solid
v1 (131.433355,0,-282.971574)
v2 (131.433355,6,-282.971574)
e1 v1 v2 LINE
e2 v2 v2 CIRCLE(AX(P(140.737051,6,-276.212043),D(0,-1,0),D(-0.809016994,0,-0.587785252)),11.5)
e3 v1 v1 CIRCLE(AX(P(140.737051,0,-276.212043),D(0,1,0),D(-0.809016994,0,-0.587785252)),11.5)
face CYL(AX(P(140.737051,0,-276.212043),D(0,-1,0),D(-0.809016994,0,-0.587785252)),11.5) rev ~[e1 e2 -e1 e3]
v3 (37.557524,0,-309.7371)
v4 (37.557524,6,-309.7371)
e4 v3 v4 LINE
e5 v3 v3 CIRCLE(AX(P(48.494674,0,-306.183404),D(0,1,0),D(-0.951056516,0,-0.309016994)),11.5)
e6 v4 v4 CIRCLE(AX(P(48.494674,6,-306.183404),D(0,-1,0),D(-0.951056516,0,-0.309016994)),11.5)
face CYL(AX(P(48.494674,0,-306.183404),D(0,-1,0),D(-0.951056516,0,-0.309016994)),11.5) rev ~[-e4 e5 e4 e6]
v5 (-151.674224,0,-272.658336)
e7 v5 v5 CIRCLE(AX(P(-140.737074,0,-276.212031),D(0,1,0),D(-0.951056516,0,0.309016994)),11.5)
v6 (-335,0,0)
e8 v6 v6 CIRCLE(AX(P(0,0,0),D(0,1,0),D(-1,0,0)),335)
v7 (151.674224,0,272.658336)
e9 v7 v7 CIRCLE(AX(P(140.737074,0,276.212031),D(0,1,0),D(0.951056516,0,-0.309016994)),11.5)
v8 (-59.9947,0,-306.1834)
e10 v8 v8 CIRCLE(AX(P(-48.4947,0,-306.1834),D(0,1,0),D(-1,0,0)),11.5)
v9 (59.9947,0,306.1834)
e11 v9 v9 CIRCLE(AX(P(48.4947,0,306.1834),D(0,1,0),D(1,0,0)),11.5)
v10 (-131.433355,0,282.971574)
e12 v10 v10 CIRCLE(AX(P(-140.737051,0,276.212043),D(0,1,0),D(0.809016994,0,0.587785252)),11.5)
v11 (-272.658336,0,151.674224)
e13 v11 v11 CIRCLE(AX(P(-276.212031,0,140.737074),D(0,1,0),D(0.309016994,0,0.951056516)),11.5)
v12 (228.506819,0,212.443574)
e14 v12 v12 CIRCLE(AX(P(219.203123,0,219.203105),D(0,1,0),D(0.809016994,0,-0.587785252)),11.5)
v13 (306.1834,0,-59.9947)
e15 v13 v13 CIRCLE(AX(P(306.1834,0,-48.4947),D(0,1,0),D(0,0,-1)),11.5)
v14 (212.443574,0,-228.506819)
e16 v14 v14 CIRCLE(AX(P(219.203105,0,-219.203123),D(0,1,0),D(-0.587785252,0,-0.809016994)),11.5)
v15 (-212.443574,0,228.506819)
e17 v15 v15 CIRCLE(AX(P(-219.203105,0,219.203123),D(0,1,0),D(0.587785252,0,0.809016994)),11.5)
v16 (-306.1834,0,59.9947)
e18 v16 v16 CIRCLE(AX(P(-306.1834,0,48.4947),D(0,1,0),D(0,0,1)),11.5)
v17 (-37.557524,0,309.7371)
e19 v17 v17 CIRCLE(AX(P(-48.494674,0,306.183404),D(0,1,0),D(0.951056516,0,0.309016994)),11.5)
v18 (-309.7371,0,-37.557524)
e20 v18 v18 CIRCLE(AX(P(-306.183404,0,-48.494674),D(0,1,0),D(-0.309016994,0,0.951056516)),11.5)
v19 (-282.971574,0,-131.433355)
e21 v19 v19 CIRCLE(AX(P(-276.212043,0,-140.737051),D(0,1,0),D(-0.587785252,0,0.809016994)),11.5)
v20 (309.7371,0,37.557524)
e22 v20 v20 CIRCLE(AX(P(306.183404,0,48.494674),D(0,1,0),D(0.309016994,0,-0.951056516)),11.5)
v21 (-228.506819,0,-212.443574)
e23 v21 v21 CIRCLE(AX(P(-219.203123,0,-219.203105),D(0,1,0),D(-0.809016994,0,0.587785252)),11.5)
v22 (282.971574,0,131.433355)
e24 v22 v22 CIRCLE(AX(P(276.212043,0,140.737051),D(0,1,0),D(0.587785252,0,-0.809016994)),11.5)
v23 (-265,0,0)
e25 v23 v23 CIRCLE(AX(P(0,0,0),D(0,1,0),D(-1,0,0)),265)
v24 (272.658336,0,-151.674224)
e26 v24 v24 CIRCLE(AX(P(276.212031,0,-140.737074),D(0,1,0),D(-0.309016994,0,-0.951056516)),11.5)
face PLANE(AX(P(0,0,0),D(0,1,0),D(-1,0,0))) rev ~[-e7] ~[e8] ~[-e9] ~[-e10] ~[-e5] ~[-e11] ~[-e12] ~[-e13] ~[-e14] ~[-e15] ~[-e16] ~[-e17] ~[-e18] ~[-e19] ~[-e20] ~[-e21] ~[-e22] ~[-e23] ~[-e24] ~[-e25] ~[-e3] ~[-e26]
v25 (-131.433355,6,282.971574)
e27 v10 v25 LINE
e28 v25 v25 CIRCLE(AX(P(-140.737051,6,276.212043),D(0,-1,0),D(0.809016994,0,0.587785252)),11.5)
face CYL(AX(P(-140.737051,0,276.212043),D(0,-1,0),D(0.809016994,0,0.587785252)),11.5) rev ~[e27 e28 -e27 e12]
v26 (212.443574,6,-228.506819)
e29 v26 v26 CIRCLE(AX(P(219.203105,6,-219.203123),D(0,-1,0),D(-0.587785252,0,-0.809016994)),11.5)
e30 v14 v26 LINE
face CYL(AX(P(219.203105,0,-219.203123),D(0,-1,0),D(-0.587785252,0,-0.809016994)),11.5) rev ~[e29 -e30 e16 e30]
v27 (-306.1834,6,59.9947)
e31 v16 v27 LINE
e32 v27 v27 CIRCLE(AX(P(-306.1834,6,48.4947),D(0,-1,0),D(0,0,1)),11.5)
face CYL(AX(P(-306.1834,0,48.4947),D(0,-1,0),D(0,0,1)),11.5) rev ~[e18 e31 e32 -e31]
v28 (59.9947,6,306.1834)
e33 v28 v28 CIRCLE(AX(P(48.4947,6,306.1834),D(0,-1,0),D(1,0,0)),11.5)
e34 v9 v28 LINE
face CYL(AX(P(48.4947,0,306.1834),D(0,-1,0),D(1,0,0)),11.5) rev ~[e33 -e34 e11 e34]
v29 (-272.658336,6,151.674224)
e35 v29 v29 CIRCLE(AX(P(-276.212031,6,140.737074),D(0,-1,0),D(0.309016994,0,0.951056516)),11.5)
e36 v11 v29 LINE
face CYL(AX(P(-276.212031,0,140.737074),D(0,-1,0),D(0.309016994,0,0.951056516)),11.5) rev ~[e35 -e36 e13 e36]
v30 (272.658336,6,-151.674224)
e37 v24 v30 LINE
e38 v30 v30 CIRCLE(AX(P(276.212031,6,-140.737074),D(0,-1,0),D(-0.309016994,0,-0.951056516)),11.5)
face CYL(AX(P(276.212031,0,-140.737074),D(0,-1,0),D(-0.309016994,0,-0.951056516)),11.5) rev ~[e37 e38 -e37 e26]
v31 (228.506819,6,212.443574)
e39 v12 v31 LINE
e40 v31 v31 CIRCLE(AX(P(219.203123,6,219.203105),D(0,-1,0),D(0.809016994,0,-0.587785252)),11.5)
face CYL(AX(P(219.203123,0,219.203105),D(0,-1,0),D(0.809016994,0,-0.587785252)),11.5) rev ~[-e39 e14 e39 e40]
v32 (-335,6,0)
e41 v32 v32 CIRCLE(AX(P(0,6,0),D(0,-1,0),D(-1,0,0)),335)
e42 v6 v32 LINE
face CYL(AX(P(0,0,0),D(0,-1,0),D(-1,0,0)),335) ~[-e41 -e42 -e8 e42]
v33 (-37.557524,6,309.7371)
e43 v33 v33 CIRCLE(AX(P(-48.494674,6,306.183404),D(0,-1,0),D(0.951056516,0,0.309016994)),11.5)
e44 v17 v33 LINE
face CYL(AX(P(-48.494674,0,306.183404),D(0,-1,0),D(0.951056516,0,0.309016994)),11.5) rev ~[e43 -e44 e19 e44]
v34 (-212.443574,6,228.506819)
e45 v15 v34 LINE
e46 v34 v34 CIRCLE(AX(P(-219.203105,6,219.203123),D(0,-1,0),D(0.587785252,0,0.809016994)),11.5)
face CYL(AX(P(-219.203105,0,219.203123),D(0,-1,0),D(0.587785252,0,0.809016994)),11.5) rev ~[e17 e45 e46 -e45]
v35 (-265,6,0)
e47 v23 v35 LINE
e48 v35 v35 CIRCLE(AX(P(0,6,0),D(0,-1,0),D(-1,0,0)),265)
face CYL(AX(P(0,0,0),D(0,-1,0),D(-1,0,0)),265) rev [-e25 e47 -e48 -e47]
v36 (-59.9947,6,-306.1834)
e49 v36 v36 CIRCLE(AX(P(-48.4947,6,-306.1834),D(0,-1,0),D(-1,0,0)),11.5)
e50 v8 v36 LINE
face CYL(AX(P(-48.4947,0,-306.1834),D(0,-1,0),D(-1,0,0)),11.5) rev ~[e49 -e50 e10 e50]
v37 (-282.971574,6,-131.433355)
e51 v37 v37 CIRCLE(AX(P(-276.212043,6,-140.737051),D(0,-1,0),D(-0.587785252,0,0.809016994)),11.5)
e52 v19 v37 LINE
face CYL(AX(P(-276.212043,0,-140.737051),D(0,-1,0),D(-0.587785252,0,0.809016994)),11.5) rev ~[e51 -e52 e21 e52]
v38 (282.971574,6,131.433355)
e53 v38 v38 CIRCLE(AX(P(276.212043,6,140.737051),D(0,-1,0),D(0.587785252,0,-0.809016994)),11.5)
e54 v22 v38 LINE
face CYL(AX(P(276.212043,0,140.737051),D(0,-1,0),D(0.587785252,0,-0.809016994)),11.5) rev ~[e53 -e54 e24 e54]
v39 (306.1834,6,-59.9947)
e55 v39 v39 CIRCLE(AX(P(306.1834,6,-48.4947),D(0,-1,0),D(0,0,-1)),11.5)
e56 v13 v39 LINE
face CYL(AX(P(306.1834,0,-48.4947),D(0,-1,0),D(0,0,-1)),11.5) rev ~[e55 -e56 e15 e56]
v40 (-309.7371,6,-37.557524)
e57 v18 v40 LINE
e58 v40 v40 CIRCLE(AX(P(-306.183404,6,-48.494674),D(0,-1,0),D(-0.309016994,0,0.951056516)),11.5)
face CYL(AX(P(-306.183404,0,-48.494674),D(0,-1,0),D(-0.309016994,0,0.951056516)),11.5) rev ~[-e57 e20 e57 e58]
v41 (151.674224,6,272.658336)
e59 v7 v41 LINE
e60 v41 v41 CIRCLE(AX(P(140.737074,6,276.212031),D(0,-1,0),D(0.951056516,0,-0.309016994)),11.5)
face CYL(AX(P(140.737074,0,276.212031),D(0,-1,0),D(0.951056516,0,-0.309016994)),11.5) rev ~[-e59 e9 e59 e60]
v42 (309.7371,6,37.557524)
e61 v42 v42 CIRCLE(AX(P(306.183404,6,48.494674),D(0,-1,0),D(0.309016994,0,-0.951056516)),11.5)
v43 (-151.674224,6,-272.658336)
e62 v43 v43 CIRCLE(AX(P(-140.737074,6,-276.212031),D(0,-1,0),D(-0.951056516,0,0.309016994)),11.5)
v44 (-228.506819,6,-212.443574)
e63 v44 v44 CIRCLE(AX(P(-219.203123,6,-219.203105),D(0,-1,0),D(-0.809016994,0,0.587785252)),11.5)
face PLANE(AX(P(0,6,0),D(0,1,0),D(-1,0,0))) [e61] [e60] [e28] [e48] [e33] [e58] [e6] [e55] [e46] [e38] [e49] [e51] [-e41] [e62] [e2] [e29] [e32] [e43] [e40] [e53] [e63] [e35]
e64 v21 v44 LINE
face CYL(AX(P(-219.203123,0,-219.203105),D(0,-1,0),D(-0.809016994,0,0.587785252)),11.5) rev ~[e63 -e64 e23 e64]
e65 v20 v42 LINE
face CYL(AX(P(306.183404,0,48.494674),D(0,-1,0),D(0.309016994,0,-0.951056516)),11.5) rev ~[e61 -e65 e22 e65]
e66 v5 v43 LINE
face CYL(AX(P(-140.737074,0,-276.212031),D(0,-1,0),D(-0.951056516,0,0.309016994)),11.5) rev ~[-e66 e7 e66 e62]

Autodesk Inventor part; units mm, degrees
ref_plane "YZ Plane" through (0, 0, 0) normal (1, 0, 0) x (0, 1, 0)
ref_plane "XZ Plane" through (0, 0, 0) normal (0, 1, 0) x (-1, 0, 0)
ref_plane "XY Plane" through (0, 0, 0) normal (0, 0, 1) x (1, 0, 0)
sketch "Sketch1" plane through (0, 0, 0) normal (0, 1, 0) x (-1, 0, 0)
  circle A0 centre (0, 0) radius 265
  circle A1 centre (0, 0) radius 335
  line L0 (335, 0) -> (265, 0)
  line L1 (-265, 0) -> (-335, 0)
  line L2 (0, 265) -> (0, 335)
  point P0 (300, 0)
  point P1 (-300, 0)
  point P2 (0, 300)
  dimension "d1" = 670
  dimension "d4" = 530
extrude "Extrusion1" add sketch "Sketch1" along normal blind 6 contours L0 A1 L1 A0 | A0 L2 A1 L0 | A0 L1 A1 L2
sketch "Sketch2" plane through (0, 0, 0) normal (0, -1, 0) x (1, 0, 0)
  circle A0 centre (0, 0) radius 335 projected
  circle A1 centre (0, 0) radius 265 projected
  circle A2 centre (48.4947, 306.1834) radius 11.5
  circle A3 centre (0, 0) radius 265 projected
  line L0 (48.4947, 306.1834) -> (0, 0)
  point P0 (0, 265)
  point P1 (265, 0)
  dimension "d5" = 310
  dimension "d7" = 23
extrude "Cut1" cut sketch "Sketch2" against normal blind 12 contours A2
pattern_circular "Circular Pattern1" count 20 over 360 about axis through (0, 0, 0) along (0, 1, 0) of "Cut1"
equation "\"d9\" = Thickness"
equation "\"BendRadius\" = Thickness"
equation "\"BendReliefWidth\" = Thickness"
equation "\"BendReliefDepth\" = 0.5 * Thickness"
equation "\"CornerReliefSize\" = 4 * Thickness"
equation "\"MinimumRemnant\" = 2 * Thickness"
equation "\"TransitionRadius\" = BendRadius"
equation "\"JacobiRadiusSize\" = BendRadius"
equation "\"GapSize\" = Thickness"
equation "\"d8\" = Thickness"
equation "\"Thickness\" = 12"
properties part number "ANP 1403 accses hatch flange" material "Steel"
